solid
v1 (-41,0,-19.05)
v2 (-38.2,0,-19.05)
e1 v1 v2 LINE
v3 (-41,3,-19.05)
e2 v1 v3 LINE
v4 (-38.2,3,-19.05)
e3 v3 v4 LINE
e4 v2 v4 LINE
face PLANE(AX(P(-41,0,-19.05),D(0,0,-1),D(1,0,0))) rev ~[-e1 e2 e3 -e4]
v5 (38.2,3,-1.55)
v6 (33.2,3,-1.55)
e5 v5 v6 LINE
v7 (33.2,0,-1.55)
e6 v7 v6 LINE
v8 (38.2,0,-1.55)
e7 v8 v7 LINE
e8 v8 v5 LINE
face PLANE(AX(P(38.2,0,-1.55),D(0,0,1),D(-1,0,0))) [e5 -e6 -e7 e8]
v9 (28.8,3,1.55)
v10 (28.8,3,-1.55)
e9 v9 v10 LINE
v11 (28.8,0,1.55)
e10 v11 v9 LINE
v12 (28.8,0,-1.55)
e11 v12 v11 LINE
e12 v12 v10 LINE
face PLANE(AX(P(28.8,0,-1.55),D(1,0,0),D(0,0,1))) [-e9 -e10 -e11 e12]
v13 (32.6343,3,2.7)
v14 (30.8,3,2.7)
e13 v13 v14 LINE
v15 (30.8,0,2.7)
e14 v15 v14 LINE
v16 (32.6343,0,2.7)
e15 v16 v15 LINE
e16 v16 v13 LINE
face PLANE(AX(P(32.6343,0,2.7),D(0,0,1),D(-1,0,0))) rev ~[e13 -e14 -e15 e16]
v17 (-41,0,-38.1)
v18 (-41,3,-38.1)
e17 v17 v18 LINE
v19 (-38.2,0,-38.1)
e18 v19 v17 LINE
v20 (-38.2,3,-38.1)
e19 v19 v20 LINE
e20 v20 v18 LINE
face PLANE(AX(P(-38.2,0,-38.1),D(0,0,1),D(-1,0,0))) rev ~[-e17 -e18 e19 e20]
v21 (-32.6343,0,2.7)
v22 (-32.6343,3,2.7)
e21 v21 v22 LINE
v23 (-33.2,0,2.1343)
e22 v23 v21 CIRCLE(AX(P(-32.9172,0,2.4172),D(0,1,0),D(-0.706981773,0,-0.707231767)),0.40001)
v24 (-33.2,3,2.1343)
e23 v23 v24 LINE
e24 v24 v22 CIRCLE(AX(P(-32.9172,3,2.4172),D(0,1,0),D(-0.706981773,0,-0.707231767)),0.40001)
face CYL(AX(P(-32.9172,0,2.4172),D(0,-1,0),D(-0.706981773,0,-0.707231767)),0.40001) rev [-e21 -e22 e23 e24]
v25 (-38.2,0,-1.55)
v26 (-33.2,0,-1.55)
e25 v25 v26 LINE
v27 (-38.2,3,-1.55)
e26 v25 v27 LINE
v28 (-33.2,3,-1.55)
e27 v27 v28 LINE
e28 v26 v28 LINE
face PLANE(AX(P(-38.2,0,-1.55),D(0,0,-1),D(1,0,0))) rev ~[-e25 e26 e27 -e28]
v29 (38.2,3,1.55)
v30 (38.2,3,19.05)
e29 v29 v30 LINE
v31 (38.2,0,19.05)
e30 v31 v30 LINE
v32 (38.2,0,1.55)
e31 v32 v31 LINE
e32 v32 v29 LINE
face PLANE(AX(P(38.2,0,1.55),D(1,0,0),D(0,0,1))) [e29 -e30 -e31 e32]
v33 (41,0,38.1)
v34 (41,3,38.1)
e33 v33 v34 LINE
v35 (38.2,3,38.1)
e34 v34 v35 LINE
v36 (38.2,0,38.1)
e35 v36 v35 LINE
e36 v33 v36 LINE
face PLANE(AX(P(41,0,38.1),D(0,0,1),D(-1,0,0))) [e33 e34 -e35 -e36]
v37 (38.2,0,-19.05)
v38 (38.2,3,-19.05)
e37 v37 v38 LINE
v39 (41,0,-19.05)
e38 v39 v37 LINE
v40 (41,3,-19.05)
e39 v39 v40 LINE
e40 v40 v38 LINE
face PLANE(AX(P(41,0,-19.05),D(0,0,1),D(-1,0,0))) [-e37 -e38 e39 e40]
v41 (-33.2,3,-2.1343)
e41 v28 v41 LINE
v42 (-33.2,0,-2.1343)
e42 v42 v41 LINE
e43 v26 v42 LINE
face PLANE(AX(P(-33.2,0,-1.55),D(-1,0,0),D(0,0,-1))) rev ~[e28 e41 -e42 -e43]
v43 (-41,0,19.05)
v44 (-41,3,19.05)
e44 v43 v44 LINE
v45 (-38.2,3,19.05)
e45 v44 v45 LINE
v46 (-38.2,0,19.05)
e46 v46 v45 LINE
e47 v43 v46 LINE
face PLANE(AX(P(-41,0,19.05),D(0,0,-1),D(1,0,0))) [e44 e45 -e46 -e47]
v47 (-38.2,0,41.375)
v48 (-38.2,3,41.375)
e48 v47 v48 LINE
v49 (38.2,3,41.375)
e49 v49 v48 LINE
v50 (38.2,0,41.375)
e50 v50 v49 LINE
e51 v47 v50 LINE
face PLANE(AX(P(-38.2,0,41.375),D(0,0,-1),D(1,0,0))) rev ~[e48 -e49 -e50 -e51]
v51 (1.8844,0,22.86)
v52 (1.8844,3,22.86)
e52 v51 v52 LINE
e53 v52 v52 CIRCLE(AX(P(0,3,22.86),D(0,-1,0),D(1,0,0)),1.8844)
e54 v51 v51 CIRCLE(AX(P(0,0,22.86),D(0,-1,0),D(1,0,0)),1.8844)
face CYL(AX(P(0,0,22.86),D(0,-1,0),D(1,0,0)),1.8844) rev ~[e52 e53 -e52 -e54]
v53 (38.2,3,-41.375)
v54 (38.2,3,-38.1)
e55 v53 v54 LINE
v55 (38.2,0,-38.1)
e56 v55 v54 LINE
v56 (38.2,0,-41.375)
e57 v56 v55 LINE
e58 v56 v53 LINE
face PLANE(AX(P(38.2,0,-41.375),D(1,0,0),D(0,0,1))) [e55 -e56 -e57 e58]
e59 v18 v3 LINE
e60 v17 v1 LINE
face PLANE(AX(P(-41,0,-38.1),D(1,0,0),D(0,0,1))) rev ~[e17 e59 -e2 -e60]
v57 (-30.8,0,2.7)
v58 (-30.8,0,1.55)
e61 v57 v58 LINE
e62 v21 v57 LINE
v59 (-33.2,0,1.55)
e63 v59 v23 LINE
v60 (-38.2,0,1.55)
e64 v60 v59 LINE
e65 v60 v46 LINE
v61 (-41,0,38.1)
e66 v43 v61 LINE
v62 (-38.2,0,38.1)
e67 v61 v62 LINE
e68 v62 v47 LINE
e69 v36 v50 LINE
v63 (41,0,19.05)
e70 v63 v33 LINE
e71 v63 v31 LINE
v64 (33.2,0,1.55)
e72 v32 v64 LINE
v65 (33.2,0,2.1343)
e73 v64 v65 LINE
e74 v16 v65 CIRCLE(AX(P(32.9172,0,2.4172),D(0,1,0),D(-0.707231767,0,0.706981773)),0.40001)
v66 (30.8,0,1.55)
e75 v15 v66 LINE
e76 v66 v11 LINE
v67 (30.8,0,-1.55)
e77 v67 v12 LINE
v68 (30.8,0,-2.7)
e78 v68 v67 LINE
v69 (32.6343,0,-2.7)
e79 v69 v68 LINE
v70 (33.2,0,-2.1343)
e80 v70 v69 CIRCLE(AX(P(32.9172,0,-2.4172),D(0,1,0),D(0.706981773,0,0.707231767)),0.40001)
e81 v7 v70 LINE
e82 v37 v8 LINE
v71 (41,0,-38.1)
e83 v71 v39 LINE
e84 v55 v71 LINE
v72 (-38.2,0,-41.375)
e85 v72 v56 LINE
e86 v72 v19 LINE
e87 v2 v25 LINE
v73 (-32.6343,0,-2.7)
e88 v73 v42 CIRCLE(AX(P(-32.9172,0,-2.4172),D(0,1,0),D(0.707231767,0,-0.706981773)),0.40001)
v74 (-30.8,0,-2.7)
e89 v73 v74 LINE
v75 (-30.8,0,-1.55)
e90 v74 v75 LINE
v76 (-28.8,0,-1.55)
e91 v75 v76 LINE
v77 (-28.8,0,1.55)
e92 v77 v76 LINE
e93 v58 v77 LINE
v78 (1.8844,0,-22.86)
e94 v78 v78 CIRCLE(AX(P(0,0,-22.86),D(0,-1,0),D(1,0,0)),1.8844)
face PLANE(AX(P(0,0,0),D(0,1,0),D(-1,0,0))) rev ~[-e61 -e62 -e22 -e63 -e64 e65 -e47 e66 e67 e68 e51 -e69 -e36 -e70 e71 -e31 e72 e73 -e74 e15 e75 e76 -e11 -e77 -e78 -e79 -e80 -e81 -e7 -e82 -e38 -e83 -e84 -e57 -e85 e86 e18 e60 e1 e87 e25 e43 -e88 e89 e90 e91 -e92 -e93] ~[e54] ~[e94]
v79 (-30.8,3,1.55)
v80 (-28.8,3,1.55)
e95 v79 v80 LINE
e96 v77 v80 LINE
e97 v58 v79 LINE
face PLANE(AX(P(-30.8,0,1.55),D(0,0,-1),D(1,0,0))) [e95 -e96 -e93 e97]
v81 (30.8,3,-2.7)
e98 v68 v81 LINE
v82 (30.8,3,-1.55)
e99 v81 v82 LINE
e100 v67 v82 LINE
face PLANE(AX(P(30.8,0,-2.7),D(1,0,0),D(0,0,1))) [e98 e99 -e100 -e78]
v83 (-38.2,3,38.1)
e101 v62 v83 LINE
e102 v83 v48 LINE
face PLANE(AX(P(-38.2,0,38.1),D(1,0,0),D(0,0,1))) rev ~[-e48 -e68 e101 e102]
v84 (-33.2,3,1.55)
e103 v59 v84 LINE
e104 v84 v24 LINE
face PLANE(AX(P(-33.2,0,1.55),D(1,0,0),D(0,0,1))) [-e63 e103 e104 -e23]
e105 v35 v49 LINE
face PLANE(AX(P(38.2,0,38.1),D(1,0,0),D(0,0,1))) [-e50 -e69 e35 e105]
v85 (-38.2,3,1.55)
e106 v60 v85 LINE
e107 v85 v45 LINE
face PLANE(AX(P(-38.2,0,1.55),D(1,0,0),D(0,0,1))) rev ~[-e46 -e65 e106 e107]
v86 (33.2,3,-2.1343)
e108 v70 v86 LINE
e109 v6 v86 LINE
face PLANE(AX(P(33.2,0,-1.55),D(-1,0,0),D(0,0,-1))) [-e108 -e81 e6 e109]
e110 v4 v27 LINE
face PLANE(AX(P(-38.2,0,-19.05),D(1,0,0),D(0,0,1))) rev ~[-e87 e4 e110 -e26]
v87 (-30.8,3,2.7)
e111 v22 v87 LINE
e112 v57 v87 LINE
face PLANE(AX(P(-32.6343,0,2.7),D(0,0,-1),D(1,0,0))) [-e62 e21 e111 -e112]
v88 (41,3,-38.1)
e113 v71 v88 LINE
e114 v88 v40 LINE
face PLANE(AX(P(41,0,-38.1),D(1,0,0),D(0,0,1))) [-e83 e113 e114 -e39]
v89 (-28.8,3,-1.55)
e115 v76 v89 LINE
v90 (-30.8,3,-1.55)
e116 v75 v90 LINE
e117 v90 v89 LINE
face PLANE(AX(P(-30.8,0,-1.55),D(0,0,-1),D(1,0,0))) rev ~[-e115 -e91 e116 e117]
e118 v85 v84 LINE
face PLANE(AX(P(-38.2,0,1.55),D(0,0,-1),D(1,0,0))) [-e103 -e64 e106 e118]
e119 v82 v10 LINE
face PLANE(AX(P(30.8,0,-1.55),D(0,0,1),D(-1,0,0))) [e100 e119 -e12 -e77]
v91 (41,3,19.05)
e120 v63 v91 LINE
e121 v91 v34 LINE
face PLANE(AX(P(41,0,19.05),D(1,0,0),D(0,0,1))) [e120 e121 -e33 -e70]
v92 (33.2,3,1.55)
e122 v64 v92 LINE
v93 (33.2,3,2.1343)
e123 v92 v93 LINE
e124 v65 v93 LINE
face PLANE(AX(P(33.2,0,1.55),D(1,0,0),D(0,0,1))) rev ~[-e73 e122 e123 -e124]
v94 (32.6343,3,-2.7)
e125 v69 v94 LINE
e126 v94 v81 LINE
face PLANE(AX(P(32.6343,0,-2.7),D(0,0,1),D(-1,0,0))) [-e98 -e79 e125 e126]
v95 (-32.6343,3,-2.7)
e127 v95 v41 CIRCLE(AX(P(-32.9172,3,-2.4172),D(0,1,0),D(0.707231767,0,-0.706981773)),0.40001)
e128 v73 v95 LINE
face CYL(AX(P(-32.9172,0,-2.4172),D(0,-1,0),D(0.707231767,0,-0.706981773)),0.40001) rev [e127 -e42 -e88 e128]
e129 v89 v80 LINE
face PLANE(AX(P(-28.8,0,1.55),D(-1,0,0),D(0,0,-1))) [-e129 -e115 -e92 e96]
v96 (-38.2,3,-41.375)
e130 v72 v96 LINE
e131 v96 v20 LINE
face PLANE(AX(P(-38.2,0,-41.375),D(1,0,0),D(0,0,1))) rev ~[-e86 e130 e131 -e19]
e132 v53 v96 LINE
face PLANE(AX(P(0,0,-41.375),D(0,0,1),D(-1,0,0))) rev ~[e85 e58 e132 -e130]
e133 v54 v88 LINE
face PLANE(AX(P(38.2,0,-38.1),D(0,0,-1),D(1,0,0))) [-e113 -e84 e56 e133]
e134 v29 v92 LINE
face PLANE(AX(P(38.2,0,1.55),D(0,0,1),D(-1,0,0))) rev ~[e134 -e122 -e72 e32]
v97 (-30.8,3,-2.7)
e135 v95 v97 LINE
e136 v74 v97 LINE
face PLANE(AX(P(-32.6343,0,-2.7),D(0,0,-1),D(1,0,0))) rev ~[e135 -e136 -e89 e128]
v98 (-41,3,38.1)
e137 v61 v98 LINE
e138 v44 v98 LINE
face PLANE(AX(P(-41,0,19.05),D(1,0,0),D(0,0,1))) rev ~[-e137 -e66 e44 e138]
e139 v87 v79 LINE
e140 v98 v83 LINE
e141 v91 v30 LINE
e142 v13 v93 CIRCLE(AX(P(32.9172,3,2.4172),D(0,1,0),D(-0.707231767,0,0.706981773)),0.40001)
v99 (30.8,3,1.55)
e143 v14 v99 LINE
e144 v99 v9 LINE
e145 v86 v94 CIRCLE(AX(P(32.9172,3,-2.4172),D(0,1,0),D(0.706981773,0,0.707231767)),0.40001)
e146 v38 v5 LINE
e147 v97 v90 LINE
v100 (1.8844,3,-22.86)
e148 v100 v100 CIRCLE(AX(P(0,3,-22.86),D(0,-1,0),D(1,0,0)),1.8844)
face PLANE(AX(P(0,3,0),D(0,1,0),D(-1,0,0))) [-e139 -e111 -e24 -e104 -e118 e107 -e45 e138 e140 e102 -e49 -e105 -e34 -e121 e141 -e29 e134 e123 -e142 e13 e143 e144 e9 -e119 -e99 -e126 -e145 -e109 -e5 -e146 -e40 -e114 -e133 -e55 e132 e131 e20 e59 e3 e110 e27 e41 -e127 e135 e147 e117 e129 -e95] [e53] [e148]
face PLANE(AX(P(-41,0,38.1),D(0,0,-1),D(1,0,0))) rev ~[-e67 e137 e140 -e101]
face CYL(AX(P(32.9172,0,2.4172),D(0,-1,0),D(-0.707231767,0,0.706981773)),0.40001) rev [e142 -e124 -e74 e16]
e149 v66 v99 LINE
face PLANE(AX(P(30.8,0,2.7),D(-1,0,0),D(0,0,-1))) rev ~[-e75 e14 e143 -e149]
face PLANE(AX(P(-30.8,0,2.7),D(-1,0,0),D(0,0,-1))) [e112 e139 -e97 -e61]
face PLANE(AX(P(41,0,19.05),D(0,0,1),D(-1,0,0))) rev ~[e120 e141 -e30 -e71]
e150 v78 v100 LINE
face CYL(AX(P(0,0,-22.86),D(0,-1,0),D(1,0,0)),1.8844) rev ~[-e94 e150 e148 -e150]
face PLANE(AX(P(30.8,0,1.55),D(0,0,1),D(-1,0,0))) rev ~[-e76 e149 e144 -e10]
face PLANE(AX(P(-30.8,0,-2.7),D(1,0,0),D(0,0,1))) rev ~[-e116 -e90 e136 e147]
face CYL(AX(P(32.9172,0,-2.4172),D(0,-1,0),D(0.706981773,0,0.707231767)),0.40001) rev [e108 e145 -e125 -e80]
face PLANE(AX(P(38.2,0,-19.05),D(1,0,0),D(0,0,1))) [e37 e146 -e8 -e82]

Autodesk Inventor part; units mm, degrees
ref_plane "YZ Plane" through (0, 0, 0) normal (1, 0, 0) x (0, 1, 0)
ref_plane "XZ Plane" through (0, 0, 0) normal (0, 1, 0) x (-1, 0, 0)
ref_plane "XY Plane" through (0, 0, 0) normal (0, 0, 1) x (1, 0, 0)
sketch "Sketch1" plane through (0, 0, 0) normal (0, 1, 0) x (-1, 0, 0)
  line L0 (38.2, 41.375) -> (0, 41.375)
  line L1 (0, -41.375) -> (38.2, -41.375)
  line L2 (38.2, -41.375) -> (38.2, -38.1)
  line L3 (38.2, 41.375) -> (-38.2, -41.375) construction
  line L4 (-38.2, 41.375) -> (38.2, -41.375) construction
  line L5 (38.2, -38.1) -> (41, -38.1)
  line L6 (41, -38.1) -> (41, -19.05)
  line L7 (41, 38.1) -> (38.2, 38.1)
  line L8 (41, -19.05) -> (38.2, -19.05)
  line L9 (41, 19.05) -> (38.2, 19.05)
  line L10 (0, -57.1711) -> (0, 53.4379)
  line L11 (38.2, -38.1) -> (38.2, -19.05) construction
  line L12 (38.2, -19.05) -> (38.2, -1.55)
  line L13 (38.2, 19.05) -> (38.2, 38.1) construction
  line L14 (38.2, 38.1) -> (38.2, 41.375)
  line L15 (41, 19.05) -> (41, 38.1)
  line L16 (41, -19.05) -> (41, 19.05) construction
  line L17 (43.0653, 0) -> (18.1238, 0)
  line L18 (38.2, 1.55) -> (33.2, 1.55)
  line L19 (33.2, 1.55) -> (33.2, 2.1343)
  line L20 (33.2, 2.7) -> (32.6343, 2.7) construction
  line L21 (30.8, 2.7) -> (30.8, 1.55)
  line L22 (30.8, 1.55) -> (28.8, 1.55)
  line L23 (28.8, 1.55) -> (28.8, 0)
  arc A0 (33.2, 2.1343) -> (32.6343, 2.7) centre (32.9172, 2.4172) ccw
  line L24 (33.2, 2.1343) -> (33.2, 2.7) construction
  line L25 (32.6343, 2.7) -> (30.8, 2.7)
  line L26 (38.2, -1.55) -> (33.2, -1.55)
  line L27 (33.2, -1.55) -> (33.2, -2.1343)
  line L28 (30.8, -2.7) -> (30.8, -1.55)
  line L29 (30.8, -1.55) -> (28.8, -1.55)
  line L30 (28.8, -1.55) -> (28.8, 0)
  arc A1 (32.6343, -2.7) -> (33.2, -2.1343) centre (32.9172, -2.4172) ccw
  line L31 (32.6343, -2.7) -> (30.8, -2.7)
  line L32 (38.2, -1.55) -> (38.2, 1.55) construction
  line L33 (38.2, 1.55) -> (38.2, 19.05)
  line L34 (-38.2, 41.375) -> (0, 41.375)
  line L35 (0, -41.375) -> (-38.2, -41.375)
  line L36 (-38.2, -41.375) -> (-38.2, -38.1)
  line L37 (-38.2, -38.1) -> (-41, -38.1)
  line L38 (-41, -38.1) -> (-41, -19.05)
  line L39 (-41, 38.1) -> (-38.2, 38.1)
  line L40 (-41, -19.05) -> (-38.2, -19.05)
  line L41 (-41, 19.05) -> (-38.2, 19.05)
  line L42 (-38.2, -19.05) -> (-38.2, -1.55)
  line L43 (-38.2, 38.1) -> (-38.2, 41.375)
  line L44 (-41, 19.05) -> (-41, 38.1)
  line L45 (-38.2, 1.55) -> (-33.2, 1.55)
  line L46 (-33.2, 1.55) -> (-33.2, 2.1343)
  line L47 (-30.8, 2.7) -> (-30.8, 1.55)
  line L48 (-30.8, 1.55) -> (-28.8, 1.55)
  line L49 (-28.8, 1.55) -> (-28.8, 0)
  arc A2 (-32.6343, 2.7) -> (-33.2, 2.1343) centre (-32.9172, 2.4172) ccw
  line L50 (-32.6343, 2.7) -> (-30.8, 2.7)
  line L51 (-38.2, -1.55) -> (-33.2, -1.55)
  line L52 (-33.2, -1.55) -> (-33.2, -2.1343)
  arc A3 (-33.2, -2.1343) -> (-32.6343, -2.7) centre (-32.9172, -2.4172) ccw
  line L53 (-30.8, -2.7) -> (-30.8, -1.55)
  line L54 (-30.8, -1.55) -> (-28.8, -1.55)
  line L55 (-28.8, -1.55) -> (-28.8, 0)
  line L56 (-38.2, 1.55) -> (-38.2, 19.05)
  line L57 (-32.6343, -2.7) -> (-30.8, -2.7)
  point P0 (0, 0)
  point P1 (0, 0)
  dimension "d0" = 76.4
  dimension "d2" = 76.2
  dimension "d3" = 2.8
  dimension "d4" = 19.05
  dimension "d5" = 82.75
  dimension "d6" = 3.1
  dimension "d7" = 5
  dimension "d8" = 0.4
  dimension "d9" = 2.4
  dimension "d10" = 5.4
  dimension "d11" = 2
extrude "Extrusion1" add sketch "Sketch1" along normal blind 3
sketch "Sketch2" plane through (0, 0, 0) normal (0, -1, 0) x (1, 0, 0)
  circle A0 centre (0, -22.86) radius 16 construction
  circle A1 centre (0, 22.86) radius 16 construction
  circle A2 centre (0, -22.86) radius 1.8844
  circle A3 centre (0, 22.86) radius 1.8844
  point P0 (0, 0)
  dimension "d14" = 32
  dimension "d15" = 22.86
  dimension "d16" = 22.86
  dimension "d17" = 3.7687
extrude "Extrusion2" cut sketch "Sketch2" against normal through all
equation "\"d16\" = d15"
properties part number "MountBase"
